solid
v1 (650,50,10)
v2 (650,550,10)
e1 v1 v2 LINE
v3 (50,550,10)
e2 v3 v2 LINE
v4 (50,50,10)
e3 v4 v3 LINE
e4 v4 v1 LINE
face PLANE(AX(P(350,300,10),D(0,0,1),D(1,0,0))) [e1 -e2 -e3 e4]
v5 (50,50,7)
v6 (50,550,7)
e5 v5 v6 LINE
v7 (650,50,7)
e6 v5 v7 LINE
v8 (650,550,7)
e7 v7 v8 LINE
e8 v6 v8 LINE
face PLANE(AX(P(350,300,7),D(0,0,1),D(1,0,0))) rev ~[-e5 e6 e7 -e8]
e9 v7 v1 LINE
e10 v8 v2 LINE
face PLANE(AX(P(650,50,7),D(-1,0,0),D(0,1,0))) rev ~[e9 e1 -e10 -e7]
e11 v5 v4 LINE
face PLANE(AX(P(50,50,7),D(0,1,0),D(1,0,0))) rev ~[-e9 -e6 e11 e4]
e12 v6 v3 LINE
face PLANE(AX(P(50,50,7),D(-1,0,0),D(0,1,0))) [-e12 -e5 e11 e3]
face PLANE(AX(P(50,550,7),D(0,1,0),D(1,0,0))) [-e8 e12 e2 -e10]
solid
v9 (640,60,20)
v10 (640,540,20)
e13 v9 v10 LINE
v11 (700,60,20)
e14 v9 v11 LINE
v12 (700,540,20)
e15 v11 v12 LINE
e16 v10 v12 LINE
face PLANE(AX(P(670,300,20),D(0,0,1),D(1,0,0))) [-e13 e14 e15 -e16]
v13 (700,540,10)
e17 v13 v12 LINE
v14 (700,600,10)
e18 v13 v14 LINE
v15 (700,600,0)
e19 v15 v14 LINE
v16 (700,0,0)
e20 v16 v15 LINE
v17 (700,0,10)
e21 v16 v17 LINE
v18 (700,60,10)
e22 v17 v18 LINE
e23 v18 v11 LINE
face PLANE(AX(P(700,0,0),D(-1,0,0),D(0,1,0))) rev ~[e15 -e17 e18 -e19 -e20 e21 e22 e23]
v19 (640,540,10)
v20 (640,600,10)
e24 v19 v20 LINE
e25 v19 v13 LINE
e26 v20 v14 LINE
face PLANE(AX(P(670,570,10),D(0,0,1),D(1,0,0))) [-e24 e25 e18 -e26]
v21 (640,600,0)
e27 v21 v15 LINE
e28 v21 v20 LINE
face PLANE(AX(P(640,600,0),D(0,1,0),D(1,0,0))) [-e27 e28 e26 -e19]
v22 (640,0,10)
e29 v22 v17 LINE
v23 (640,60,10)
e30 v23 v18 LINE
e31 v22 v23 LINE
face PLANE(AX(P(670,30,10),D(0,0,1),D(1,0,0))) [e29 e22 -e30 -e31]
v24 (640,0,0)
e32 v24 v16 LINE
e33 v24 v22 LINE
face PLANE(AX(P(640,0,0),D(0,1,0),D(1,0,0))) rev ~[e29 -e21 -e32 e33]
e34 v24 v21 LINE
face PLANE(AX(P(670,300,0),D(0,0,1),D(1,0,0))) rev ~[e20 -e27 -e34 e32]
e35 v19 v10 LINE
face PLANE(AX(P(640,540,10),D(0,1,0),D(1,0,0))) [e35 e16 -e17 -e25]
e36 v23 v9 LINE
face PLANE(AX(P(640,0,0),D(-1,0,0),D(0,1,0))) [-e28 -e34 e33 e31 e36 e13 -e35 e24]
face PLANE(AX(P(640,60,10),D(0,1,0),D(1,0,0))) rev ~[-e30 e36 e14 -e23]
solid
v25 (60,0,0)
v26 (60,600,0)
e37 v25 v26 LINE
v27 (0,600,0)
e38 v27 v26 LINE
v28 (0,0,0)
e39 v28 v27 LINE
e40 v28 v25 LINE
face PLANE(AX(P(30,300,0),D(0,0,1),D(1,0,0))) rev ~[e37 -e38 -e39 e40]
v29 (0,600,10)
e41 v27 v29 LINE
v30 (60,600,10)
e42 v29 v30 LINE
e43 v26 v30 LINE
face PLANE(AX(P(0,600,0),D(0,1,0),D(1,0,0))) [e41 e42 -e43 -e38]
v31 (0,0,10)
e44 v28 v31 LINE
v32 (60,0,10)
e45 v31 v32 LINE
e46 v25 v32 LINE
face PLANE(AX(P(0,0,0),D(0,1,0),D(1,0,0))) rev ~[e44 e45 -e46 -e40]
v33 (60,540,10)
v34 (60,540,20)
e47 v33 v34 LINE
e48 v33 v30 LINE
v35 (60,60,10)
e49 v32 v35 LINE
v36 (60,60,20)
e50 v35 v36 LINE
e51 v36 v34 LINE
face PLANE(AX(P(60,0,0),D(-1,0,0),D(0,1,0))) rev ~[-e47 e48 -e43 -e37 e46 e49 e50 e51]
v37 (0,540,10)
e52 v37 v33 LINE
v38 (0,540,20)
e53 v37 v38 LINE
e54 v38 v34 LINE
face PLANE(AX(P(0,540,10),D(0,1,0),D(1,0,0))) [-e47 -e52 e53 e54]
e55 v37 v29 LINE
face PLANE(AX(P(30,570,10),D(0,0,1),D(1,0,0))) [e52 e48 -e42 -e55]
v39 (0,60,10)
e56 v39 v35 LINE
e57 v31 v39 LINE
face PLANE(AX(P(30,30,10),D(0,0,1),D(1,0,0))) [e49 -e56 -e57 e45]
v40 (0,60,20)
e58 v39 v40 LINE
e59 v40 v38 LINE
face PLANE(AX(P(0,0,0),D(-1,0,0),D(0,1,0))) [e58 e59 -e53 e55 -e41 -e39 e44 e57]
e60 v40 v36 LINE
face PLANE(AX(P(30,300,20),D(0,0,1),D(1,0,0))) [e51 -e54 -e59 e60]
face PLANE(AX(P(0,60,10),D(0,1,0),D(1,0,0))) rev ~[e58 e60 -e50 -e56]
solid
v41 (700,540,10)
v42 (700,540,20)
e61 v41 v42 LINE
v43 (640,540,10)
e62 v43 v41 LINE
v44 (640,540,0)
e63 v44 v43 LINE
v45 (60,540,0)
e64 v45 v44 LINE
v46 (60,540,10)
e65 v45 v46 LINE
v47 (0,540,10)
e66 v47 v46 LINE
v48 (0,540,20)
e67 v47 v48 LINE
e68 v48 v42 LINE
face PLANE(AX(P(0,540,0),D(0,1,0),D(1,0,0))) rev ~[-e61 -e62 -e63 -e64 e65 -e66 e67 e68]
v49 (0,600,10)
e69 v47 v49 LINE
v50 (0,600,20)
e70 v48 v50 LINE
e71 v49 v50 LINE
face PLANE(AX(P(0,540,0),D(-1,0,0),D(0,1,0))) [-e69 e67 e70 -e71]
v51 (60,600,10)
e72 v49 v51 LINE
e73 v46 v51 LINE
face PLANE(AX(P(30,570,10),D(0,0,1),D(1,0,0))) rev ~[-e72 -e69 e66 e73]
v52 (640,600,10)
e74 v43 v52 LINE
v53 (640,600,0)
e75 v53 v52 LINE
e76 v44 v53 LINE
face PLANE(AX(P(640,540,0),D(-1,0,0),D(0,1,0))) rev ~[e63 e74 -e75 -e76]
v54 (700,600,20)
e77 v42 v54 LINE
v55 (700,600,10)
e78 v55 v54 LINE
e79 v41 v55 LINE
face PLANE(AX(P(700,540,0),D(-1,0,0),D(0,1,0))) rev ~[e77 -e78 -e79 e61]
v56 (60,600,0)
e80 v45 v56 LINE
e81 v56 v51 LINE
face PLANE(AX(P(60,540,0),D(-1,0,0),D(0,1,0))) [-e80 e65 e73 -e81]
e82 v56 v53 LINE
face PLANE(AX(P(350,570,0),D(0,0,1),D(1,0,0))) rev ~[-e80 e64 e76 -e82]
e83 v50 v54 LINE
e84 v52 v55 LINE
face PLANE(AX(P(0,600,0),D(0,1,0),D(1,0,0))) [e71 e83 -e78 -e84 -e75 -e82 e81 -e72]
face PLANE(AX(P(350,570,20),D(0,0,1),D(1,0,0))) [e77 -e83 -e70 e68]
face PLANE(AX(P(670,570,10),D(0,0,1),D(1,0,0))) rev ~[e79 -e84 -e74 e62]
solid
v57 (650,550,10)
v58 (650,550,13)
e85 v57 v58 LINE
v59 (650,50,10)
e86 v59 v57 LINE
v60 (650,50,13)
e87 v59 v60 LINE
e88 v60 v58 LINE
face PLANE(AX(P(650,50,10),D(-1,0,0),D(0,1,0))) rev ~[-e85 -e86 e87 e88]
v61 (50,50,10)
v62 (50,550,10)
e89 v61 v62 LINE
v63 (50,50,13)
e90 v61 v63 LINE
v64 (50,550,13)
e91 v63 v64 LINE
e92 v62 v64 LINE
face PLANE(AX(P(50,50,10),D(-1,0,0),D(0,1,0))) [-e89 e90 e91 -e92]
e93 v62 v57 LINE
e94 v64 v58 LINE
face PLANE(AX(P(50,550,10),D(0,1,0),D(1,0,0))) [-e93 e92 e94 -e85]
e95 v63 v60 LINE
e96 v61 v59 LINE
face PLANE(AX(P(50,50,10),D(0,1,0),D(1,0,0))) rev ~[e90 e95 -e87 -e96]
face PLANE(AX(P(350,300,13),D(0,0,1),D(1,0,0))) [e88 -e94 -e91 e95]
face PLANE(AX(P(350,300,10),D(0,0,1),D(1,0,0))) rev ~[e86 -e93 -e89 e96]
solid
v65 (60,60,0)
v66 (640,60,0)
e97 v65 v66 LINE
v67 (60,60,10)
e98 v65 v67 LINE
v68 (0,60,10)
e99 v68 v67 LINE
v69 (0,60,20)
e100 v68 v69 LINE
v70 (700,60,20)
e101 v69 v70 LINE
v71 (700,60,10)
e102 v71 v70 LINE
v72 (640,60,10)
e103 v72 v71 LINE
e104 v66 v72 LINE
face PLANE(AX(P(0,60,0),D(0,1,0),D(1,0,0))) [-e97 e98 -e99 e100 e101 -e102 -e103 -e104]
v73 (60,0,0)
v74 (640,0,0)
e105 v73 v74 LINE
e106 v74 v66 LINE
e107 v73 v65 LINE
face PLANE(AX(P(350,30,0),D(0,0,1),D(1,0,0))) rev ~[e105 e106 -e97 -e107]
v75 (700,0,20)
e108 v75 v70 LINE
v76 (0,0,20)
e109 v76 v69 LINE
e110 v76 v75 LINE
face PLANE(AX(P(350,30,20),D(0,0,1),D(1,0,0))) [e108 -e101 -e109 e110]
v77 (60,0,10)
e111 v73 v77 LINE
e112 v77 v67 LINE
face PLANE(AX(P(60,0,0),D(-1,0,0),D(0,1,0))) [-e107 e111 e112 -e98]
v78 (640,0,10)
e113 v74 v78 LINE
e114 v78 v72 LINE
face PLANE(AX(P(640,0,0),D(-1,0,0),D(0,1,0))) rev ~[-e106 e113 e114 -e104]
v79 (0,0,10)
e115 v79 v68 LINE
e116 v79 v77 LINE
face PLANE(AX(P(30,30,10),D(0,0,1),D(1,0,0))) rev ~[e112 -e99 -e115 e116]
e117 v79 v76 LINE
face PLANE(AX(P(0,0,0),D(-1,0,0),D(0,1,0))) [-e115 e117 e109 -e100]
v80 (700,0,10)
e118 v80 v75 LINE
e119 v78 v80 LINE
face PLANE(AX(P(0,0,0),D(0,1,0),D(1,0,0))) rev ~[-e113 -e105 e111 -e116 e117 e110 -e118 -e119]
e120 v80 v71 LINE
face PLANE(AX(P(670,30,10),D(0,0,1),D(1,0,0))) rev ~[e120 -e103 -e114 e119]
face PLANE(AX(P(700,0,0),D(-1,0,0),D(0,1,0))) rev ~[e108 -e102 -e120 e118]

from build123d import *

# Parameters (mm, degrees)
BOX004_W         = 600
BOX004_H         = 500
BOX004_DEPTH     = 3
BOX005_W         = 600
BOX005_H         = 500
BOX005_DEPTH     = 3
BOX006_W         = 60
BOX006_H         = 60
BOX006_DEPTH     = 10
ARRAY_X_COUNT    = 2
ARRAY_X_PITCH    = 640
ARRAY_Y_COUNT    = 2
ARRAY_Y_PITCH    = 540
BOX003_W         = 700
BOX003_H         = 60
BOX003_DEPTH     = 20
BOX002_W         = 700
BOX002_H         = 60
BOX002_DEPTH     = 20
BOX007_W         = 60
BOX007_H         = 60
BOX007_DEPTH     = 10
ARRAY001_X_COUNT = 2
ARRAY001_X_PITCH = 640
ARRAY001_Y_COUNT = 2
ARRAY001_Y_PITCH = 540
BOX001_W         = 60
BOX001_H         = 600
BOX001_DEPTH     = 20
BOX_W            = 60
BOX_H            = 600
BOX_DEPTH        = 20


with BuildPart() as back_picture_store_here:
    # Box004 → Box004 (new body)
    with BuildSketch(Plane(origin=(50, 50, 7), x_dir=(1, 0, 0), z_dir=(0, 0, 1))):
        with Locations((300, 250)):
            Rectangle(BOX004_W, BOX004_H)
    extrude(amount=BOX004_DEPTH)


with BuildPart() as glass:
    # Box005 → Box005 (new body)
    with BuildSketch(Plane(origin=(50, 50, 10), x_dir=(1, 0, 0), z_dir=(0, 0, 1))):
        with Locations((300, 250)):
            Rectangle(BOX005_W, BOX005_H)
    extrude(amount=BOX005_DEPTH)


with BuildPart() as array_joints_top_bottom:
    # Box006 → Box006 (new body)
    with BuildSketch(Plane.XY):
        with Locations((30, 30)):
            Rectangle(BOX006_W, BOX006_H)
    extrude(amount=BOX006_DEPTH)

    # Array X: Array, Joints, Top, Bottom ×2


with BuildPart() as array_joints_top_bottom_1:
    add(array_joints_top_bottom.part)
    with Locations(*[(i * ARRAY_X_PITCH, 0, 0) for i in range(1, ARRAY_X_COUNT)]):
        add(array_joints_top_bottom.part)

    # Array Y: Array, Joints, Top, Bottom ×2


with BuildPart() as array_joints_top_bottom_2:
    add(array_joints_top_bottom_1.part)
    with Locations(*[(0, i * ARRAY_Y_PITCH, 0) for i in range(1, ARRAY_Y_COUNT)]):
        add(array_joints_top_bottom_1.part)


with BuildPart() as frame_bottom:
    # Box003 → Box003 (new body)
    with BuildSketch(Plane.XY):
        with Locations((350, 30)):
            Rectangle(BOX003_W, BOX003_H)
    extrude(amount=BOX003_DEPTH)


with BuildPart() as cut_top_bottom:
    # Box002 → Box002 (new body)
    with BuildSketch(Plane(origin=(0, 540, 0), x_dir=(1, 0, 0), z_dir=(0, 0, 1))):
        with Locations((350, 30)):
            Rectangle(BOX002_W, BOX002_H)
    extrude(amount=BOX002_DEPTH)

    # Fusion: union Frame bottom
    add(frame_bottom.part)

    # Cut: cut Array, Joints, Top, Bottom
    add(array_joints_top_bottom_2.part, mode=Mode.SUBTRACT)


with BuildPart() as array_joints_left_right:
    # Box007 → Box007 (new body)
    with BuildSketch(Plane.XY.offset(10)):
        with Locations((30, 30)):
            Rectangle(BOX007_W, BOX007_H)
    extrude(amount=BOX007_DEPTH)

    # Array001 X: Array, Joints, Left, Right ×2


with BuildPart() as array_joints_left_right_1:
    add(array_joints_left_right.part)
    with Locations(*[(i * ARRAY001_X_PITCH, 0, 0) for i in range(1, ARRAY001_X_COUNT)]):
        add(array_joints_left_right.part)

    # Array001 Y: Array, Joints, Left, Right ×2


with BuildPart() as array_joints_left_right_2:
    add(array_joints_left_right_1.part)
    with Locations(*[(0, i * ARRAY001_Y_PITCH, 0) for i in range(1, ARRAY001_Y_COUNT)]):
        add(array_joints_left_right_1.part)


with BuildPart() as frame_right:
    # Box001 → Box001 (new body)
    with BuildSketch(Plane(origin=(640, 0, 0), x_dir=(1, 0, 0), z_dir=(0, 0, 1))):
        with Locations((30, 300)):
            Rectangle(BOX001_W, BOX001_H)
    extrude(amount=BOX001_DEPTH)


with BuildPart() as cut_left_right:
    # Box → Box (new body)
    with BuildSketch(Plane.XY):
        with Locations((30, 300)):
            Rectangle(BOX_W, BOX_H)
    extrude(amount=BOX_DEPTH)

    # Fusion001: union Frame right
    add(frame_right.part)

    # Cut001: cut Array, Joints, Left, Right
    add(array_joints_left_right_2.part, mode=Mode.SUBTRACT)


solid = Compound([back_picture_store_here.part, glass.part, cut_top_bottom.part, cut_left_right.part])
